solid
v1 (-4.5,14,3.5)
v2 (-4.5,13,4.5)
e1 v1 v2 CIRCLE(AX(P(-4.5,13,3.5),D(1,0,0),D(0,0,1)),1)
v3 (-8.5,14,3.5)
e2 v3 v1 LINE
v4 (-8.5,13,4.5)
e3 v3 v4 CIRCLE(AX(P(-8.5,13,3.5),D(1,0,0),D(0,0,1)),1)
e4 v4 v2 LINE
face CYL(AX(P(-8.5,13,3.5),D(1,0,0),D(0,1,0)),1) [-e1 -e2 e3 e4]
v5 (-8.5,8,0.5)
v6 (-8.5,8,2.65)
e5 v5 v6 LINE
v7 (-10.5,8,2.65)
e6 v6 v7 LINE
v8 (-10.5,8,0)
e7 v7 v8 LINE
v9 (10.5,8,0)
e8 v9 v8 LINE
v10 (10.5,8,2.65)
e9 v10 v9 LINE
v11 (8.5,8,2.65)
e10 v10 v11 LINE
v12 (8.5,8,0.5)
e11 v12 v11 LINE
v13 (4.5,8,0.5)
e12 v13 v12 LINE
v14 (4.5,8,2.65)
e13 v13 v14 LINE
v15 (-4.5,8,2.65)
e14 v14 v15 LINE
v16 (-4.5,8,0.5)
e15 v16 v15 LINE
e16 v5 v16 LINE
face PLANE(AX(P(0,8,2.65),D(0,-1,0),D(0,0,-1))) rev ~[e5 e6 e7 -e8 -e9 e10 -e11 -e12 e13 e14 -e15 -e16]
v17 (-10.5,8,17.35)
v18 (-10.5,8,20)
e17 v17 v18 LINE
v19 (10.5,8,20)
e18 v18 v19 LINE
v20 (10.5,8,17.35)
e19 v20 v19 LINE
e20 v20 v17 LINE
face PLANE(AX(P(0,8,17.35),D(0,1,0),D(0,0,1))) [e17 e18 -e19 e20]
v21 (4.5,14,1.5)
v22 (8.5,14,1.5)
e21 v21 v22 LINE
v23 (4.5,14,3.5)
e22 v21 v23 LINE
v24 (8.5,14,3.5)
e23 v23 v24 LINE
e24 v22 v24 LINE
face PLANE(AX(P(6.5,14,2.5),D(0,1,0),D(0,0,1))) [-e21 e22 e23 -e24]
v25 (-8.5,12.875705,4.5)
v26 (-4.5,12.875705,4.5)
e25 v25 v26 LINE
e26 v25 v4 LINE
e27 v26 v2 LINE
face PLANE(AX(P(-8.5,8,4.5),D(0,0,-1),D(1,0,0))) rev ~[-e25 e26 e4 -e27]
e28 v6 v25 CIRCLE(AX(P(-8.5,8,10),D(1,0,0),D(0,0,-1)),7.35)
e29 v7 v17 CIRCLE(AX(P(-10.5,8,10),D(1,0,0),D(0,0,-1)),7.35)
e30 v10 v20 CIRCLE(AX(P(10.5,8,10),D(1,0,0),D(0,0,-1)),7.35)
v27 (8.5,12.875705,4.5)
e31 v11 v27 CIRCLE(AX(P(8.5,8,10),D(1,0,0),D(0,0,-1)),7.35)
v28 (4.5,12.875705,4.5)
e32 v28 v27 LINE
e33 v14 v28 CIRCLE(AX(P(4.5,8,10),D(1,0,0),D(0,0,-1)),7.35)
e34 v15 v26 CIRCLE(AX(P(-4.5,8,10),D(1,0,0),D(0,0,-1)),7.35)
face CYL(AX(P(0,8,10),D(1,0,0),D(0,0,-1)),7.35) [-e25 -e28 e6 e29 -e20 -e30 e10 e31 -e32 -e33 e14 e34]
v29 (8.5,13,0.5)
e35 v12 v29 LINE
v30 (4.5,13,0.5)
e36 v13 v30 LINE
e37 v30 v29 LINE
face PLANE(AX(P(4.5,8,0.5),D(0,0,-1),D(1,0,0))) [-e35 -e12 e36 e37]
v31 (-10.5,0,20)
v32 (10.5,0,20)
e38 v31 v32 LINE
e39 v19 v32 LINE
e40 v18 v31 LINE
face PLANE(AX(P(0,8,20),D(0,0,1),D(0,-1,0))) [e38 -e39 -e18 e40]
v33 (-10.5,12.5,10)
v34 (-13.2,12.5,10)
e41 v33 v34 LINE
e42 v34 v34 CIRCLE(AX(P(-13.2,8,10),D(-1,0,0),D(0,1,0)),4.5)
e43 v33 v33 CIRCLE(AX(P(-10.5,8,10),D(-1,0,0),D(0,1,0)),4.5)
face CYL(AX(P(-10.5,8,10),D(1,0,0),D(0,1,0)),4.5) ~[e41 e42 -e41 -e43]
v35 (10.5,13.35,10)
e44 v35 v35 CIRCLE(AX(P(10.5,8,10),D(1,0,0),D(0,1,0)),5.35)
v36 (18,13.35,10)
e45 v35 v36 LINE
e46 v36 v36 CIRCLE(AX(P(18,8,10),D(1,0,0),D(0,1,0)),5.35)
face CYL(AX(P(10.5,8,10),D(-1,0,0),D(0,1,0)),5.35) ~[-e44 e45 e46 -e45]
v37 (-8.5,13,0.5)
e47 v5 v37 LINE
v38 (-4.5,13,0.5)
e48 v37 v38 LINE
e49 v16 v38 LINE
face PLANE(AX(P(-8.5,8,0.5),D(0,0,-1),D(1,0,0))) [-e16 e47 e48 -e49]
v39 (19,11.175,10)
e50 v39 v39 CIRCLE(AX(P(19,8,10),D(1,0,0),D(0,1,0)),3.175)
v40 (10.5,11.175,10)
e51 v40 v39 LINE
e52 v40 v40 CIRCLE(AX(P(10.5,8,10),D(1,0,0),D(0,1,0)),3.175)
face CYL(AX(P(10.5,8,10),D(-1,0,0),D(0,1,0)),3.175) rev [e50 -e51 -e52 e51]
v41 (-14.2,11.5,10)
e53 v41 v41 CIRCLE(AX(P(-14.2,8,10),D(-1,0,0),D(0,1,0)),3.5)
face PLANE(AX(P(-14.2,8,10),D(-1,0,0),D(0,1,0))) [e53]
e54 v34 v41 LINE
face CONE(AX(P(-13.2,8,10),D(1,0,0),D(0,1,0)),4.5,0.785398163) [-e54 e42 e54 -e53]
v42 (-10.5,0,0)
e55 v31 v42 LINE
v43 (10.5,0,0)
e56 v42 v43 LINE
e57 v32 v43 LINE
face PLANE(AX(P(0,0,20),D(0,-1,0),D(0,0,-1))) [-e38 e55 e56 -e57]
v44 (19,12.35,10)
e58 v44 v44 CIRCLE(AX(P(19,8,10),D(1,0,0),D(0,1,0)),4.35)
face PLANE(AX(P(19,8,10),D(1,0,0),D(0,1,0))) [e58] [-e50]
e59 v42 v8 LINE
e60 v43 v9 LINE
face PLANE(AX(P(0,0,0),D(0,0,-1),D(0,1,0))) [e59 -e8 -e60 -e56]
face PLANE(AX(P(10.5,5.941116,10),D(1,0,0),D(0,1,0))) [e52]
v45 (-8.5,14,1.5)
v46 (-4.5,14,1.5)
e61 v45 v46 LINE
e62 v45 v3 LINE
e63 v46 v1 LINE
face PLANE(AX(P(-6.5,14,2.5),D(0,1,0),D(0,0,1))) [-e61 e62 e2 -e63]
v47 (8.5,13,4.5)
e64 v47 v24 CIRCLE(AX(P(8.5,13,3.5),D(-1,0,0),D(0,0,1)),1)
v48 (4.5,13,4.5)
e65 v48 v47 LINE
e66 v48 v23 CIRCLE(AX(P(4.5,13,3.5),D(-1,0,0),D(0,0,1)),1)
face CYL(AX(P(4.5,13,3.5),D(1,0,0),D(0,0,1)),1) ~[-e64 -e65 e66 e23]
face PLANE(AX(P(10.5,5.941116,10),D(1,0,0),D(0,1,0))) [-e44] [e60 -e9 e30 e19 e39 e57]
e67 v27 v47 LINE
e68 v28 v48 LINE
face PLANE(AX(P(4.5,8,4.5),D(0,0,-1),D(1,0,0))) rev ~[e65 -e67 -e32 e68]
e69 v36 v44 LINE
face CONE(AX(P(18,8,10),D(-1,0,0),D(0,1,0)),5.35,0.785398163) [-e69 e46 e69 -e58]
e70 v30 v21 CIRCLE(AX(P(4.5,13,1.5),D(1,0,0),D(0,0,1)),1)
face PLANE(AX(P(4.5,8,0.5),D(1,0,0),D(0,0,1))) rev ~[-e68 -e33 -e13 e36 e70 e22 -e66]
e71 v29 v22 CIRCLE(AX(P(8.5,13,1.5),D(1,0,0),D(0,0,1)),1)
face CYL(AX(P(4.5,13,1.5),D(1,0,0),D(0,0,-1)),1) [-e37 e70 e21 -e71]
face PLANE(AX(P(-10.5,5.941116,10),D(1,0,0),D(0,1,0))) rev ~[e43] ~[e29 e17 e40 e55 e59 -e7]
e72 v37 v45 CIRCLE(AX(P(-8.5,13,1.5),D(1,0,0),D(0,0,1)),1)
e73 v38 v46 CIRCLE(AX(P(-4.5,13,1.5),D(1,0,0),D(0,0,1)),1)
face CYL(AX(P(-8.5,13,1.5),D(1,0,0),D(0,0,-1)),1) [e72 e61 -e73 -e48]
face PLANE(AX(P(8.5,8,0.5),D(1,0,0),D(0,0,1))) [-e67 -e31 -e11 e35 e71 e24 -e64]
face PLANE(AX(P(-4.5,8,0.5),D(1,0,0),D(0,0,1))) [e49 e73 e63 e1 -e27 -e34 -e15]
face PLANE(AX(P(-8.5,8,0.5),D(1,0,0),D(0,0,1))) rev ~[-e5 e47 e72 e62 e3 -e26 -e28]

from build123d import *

# Parameters (mm, degrees)
PAD001_DEPTH  = 10.5
SKETCH002_R   = 5.35
SKETCH002_R_2 = 3.175
PAD002_DEPTH  = 8.5
SKETCH003_R   = 4.5
PAD003_DEPTH  = 3.7
CHAMFER_SIZE  = 1
SKETCH006_W   = 4
SKETCH006_H   = 4
PAD005_DEPTH  = 6
FILLET_R      = 1


with BuildPart() as part:
    # Sketch001 → Pad001 (new body, symmetric)
    with BuildSketch(Plane.YZ):
        with BuildLine():
            Line((8, 17.35), (8, 20))
            Line((8, 20), (0, 20))
            Line((0, 20), (0, 0))
            Line((0, 0), (8, 0))
            Line((8, 2.65), (8, 0))
            ThreePointArc((8, 2.65), (15.35, 10), (8, 17.35))
        make_face()
    extrude(amount=PAD001_DEPTH, both=True)

    # Sketch002 (on Face8 of Pad001) → Pad002 (join)
    with BuildSketch(Plane.YZ.offset(10.5)):
        with Locations((8, 10)):
            Circle(SKETCH002_R)
        with Locations((8, 10)):
            Circle(SKETCH002_R_2, mode=Mode.SUBTRACT)
    extrude(amount=PAD002_DEPTH)

    # Sketch003 (on Face4 of Pad002) → Pad003 (join)
    with BuildSketch(Plane(origin=(-10.5, 0, 0), x_dir=(0, 1, 0), z_dir=(-1, 0, 0))):
        with Locations((8, -10)):
            Circle(SKETCH003_R)
    extrude(amount=PAD003_DEPTH)

    # Chamfer
    chamfer_edges = [part.edges().sort_by_distance(p)[0] for p in [
        (-14.2, 3.5, 10),
        (19, 2.65, 10),
    ]]
    chamfer(chamfer_edges, length=CHAMFER_SIZE)

    # Sketch006 (on Face6 of Chamfer) → Pad005 (join)
    with BuildSketch(Plane.ZX.offset(8)):
        with Locations((2.5, -6.5)):
            Rectangle(SKETCH006_W, SKETCH006_H)
        with Locations((2.5, 6.5)):
            Rectangle(SKETCH006_W, SKETCH006_H)
    extrude(amount=PAD005_DEPTH)

    # Fillet
    fillet_edges = [part.edges().sort_by_distance(p)[0] for p in [
        (-6.5, 14, 0.5),
        (6.5, 14, 0.5),
        (-6.5, 14, 4.5),
        (6.5, 14, 4.5),
    ]]
    fillet(fillet_edges, radius=FILLET_R)


solid = part.part
